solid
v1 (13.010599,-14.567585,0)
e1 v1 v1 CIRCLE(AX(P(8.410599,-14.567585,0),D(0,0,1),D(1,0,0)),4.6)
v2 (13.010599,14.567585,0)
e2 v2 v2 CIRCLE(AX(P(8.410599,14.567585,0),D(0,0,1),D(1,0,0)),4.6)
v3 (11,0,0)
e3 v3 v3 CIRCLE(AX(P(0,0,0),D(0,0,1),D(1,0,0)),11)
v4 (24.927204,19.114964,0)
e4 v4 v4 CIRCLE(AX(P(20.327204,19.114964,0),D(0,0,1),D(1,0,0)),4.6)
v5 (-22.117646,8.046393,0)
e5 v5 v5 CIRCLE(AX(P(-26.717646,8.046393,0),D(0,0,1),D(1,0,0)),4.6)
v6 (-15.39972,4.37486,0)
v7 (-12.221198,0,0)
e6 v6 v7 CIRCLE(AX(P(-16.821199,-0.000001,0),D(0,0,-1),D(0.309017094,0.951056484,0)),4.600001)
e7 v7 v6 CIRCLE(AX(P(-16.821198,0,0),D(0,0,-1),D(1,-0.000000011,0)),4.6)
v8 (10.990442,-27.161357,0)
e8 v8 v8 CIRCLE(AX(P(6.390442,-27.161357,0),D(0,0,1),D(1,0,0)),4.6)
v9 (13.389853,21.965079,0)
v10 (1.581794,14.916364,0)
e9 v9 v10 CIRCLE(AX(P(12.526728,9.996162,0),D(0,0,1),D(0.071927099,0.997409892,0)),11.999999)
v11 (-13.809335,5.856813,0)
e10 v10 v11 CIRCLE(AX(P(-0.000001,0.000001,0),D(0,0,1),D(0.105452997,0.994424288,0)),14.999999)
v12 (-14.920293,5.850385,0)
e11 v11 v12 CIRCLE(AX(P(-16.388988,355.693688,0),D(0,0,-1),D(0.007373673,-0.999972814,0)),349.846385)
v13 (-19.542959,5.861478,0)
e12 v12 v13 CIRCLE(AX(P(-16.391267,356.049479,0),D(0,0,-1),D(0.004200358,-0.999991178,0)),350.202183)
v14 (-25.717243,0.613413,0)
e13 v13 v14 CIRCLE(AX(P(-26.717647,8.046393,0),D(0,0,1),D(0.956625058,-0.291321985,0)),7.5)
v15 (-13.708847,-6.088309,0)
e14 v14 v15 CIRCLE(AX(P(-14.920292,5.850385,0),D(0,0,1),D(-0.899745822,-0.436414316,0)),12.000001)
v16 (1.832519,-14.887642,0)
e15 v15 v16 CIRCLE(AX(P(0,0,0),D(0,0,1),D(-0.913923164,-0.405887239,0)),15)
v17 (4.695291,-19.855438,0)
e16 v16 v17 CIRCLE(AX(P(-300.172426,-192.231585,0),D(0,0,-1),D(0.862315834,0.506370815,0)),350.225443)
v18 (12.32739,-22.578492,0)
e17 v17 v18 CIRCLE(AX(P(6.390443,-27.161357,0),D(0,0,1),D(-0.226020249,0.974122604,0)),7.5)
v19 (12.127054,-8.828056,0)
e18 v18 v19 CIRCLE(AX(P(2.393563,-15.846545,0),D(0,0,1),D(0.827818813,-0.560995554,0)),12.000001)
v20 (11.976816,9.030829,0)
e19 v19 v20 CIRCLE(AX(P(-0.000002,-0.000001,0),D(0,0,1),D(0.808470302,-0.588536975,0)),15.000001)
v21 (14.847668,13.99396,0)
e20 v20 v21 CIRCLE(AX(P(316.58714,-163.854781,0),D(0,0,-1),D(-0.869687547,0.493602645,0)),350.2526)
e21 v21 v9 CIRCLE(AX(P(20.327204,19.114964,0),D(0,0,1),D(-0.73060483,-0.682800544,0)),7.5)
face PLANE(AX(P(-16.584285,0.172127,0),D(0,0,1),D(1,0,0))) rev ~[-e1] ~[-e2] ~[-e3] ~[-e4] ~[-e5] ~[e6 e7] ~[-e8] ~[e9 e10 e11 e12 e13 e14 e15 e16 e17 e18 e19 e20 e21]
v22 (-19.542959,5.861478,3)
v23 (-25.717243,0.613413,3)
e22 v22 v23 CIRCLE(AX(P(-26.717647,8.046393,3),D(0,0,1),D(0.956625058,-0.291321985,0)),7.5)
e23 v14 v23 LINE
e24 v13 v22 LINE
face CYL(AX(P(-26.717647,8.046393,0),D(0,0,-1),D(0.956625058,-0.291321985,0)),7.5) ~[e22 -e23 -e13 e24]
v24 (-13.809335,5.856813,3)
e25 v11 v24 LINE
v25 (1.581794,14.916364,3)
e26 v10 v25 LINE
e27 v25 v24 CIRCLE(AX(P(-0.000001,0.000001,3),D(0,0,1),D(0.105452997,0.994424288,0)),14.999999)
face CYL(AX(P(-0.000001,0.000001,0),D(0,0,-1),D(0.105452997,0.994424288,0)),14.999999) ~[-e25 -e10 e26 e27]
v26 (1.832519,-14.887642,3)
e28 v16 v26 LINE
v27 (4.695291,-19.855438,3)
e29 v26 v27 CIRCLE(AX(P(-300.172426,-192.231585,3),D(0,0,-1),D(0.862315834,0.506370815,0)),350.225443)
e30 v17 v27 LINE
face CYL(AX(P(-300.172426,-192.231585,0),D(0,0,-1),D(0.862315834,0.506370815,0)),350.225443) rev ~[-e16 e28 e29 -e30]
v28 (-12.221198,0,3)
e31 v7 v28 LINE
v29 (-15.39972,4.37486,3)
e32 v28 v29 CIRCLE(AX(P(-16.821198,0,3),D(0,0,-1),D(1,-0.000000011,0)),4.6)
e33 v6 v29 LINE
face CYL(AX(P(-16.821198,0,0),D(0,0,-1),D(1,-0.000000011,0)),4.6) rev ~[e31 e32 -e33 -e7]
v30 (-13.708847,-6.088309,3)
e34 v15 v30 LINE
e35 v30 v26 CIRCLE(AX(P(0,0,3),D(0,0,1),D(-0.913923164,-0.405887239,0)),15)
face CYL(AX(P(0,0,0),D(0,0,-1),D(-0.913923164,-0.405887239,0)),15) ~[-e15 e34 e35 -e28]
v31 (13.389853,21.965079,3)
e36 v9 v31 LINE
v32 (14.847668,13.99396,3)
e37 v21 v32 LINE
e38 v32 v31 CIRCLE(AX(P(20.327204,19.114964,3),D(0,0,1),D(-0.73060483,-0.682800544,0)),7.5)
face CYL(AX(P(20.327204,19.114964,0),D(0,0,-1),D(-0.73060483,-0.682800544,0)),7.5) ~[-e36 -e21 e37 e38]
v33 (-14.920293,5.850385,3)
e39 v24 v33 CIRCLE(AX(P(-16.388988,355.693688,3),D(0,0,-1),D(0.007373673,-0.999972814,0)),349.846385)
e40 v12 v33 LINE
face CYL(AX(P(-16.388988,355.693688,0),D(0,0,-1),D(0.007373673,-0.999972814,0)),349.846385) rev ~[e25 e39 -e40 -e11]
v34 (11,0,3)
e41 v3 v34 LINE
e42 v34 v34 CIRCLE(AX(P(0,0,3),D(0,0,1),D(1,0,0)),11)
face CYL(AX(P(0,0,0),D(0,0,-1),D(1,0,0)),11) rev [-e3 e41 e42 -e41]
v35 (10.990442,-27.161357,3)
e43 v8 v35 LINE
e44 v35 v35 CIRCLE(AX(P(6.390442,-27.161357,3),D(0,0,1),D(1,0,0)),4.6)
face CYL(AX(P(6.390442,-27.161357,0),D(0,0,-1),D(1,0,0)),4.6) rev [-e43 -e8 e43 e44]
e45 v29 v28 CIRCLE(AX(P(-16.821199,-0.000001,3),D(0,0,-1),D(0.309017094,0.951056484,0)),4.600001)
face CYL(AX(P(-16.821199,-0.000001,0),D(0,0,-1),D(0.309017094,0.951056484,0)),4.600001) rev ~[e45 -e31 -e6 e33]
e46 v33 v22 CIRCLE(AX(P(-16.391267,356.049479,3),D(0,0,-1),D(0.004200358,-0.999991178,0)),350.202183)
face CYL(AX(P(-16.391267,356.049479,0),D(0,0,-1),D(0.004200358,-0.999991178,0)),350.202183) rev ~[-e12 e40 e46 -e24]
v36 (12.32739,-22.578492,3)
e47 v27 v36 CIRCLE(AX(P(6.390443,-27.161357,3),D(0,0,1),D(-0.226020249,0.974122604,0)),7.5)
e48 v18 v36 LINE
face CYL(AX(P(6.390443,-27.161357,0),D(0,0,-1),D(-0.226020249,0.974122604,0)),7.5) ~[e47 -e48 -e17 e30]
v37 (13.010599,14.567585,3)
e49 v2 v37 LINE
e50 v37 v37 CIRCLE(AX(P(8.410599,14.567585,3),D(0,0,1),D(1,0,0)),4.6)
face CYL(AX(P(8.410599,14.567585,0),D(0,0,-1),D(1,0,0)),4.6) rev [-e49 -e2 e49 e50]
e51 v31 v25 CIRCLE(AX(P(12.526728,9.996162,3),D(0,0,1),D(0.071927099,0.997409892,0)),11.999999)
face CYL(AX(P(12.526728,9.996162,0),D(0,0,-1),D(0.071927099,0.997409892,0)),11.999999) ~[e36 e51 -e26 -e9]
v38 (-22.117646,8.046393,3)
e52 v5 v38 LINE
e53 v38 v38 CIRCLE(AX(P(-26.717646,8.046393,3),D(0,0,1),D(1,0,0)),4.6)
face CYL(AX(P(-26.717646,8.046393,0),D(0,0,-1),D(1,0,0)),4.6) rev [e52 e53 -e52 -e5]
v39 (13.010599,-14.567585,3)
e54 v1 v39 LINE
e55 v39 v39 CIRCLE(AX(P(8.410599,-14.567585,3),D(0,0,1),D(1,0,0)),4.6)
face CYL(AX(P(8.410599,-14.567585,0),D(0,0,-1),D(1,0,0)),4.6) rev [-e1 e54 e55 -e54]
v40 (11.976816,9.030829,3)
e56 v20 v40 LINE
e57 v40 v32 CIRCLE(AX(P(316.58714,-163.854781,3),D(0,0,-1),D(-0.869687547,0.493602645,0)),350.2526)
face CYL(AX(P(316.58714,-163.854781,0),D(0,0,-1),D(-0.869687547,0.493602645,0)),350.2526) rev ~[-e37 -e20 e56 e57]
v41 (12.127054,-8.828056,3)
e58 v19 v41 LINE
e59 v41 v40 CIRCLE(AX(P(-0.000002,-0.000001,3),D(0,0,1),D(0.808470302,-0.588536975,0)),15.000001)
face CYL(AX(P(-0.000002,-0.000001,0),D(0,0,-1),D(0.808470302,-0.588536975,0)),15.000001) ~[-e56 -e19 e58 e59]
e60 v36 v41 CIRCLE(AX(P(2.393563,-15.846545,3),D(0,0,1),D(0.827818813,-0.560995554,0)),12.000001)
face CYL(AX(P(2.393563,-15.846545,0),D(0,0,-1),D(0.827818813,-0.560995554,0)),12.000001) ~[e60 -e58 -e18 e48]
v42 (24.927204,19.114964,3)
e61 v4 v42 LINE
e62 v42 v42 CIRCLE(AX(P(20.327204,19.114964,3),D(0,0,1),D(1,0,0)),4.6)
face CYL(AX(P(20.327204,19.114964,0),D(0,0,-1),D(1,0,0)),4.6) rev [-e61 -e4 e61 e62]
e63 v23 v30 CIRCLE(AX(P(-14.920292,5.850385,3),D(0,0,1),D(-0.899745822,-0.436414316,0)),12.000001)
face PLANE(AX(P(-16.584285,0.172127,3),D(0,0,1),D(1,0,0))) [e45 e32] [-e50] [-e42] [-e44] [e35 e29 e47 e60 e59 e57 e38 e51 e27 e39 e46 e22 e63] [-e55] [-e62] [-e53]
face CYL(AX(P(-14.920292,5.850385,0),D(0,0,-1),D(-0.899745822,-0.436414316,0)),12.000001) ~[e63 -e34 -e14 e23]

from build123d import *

# Parameters (mm, degrees)
F0_R     = 4.6
F0_R_2   = 11
F1_DEPTH = 3


with BuildPart() as f1:
    # F0 (on Top) → F1 (new body)
    with BuildSketch(Plane.XY):
        with BuildLine():
            ThreePointArc((-12.221198, 0), (-13.09972, 2.703812), (-15.39972, 4.37486))
            ThreePointArc((-15.39972, 4.37486), (-20.542676, -2.703812), (-12.221198, 0))
        make_face()
        with BuildLine():
            ThreePointArc((-25.717243, 0.613413), (-20.768262, -4.628225), (-13.708847, -6.088309))
            ThreePointArc((-13.708847, -6.088309), (-7.390457, -13.053013), (1.832519, -14.887642))
            ThreePointArc((1.832519, -14.887642), (3.274071, -17.365681), (4.695291, -19.855438))
            ThreePointArc((4.695291, -19.855438), (3.870132, -34.225211), (12.32739, -22.578492))
            ThreePointArc((12.32739, -22.578492), (14.392291, -15.67173), (12.127054, -8.828056))
            ThreePointArc((12.127054, -8.828056), (14.999469, 0.126183), (11.976816, 9.030829))
            ThreePointArc((11.976816, 9.030829), (13.402086, 11.518269), (14.847668, 13.99396))
            ThreePointArc((14.847668, 13.99396), (27.704836, 20.464238), (13.389853, 21.965079))
            ThreePointArc((13.389853, 21.965079), (6.375971, 20.299955), (1.581794, 14.916364))
            ThreePointArc((1.581794, 14.916364), (-7.609012, 12.92683), (-13.809335, 5.856813))
            ThreePointArc((-13.809335, 5.856813), (-14.364812, 5.853158), (-14.920293, 5.850385))
            ThreePointArc((-14.920293, 5.850385), (-17.231644, 5.848304), (-19.542959, 5.861478))
            ThreePointArc((-19.542959, 5.861478), (-31.574968, 13.760973), (-25.717243, 0.613413))
        make_face()
        with Locations((6.390442, -27.161357)):
            Circle(F0_R, mode=Mode.SUBTRACT)
        with Locations((8.410599, -14.567585)):
            Circle(F0_R, mode=Mode.SUBTRACT)
        with Locations((-26.717646, 8.046393)):
            Circle(F0_R, mode=Mode.SUBTRACT)
        with BuildLine():
            ThreePointArc((-12.221198, 0), (-20.542676, -2.703812), (-15.39972, 4.37486))
            ThreePointArc((-15.39972, 4.37486), (-13.09972, 2.703812), (-12.221198, 0))
        make_face(mode=Mode.SUBTRACT)
        Circle(F0_R_2, mode=Mode.SUBTRACT)
        with Locations((8.410599, 14.567585)):
            Circle(F0_R, mode=Mode.SUBTRACT)
        with Locations((20.327204, 19.114964)):
            Circle(F0_R, mode=Mode.SUBTRACT)
    extrude(amount=F1_DEPTH)


solid = f1.part
